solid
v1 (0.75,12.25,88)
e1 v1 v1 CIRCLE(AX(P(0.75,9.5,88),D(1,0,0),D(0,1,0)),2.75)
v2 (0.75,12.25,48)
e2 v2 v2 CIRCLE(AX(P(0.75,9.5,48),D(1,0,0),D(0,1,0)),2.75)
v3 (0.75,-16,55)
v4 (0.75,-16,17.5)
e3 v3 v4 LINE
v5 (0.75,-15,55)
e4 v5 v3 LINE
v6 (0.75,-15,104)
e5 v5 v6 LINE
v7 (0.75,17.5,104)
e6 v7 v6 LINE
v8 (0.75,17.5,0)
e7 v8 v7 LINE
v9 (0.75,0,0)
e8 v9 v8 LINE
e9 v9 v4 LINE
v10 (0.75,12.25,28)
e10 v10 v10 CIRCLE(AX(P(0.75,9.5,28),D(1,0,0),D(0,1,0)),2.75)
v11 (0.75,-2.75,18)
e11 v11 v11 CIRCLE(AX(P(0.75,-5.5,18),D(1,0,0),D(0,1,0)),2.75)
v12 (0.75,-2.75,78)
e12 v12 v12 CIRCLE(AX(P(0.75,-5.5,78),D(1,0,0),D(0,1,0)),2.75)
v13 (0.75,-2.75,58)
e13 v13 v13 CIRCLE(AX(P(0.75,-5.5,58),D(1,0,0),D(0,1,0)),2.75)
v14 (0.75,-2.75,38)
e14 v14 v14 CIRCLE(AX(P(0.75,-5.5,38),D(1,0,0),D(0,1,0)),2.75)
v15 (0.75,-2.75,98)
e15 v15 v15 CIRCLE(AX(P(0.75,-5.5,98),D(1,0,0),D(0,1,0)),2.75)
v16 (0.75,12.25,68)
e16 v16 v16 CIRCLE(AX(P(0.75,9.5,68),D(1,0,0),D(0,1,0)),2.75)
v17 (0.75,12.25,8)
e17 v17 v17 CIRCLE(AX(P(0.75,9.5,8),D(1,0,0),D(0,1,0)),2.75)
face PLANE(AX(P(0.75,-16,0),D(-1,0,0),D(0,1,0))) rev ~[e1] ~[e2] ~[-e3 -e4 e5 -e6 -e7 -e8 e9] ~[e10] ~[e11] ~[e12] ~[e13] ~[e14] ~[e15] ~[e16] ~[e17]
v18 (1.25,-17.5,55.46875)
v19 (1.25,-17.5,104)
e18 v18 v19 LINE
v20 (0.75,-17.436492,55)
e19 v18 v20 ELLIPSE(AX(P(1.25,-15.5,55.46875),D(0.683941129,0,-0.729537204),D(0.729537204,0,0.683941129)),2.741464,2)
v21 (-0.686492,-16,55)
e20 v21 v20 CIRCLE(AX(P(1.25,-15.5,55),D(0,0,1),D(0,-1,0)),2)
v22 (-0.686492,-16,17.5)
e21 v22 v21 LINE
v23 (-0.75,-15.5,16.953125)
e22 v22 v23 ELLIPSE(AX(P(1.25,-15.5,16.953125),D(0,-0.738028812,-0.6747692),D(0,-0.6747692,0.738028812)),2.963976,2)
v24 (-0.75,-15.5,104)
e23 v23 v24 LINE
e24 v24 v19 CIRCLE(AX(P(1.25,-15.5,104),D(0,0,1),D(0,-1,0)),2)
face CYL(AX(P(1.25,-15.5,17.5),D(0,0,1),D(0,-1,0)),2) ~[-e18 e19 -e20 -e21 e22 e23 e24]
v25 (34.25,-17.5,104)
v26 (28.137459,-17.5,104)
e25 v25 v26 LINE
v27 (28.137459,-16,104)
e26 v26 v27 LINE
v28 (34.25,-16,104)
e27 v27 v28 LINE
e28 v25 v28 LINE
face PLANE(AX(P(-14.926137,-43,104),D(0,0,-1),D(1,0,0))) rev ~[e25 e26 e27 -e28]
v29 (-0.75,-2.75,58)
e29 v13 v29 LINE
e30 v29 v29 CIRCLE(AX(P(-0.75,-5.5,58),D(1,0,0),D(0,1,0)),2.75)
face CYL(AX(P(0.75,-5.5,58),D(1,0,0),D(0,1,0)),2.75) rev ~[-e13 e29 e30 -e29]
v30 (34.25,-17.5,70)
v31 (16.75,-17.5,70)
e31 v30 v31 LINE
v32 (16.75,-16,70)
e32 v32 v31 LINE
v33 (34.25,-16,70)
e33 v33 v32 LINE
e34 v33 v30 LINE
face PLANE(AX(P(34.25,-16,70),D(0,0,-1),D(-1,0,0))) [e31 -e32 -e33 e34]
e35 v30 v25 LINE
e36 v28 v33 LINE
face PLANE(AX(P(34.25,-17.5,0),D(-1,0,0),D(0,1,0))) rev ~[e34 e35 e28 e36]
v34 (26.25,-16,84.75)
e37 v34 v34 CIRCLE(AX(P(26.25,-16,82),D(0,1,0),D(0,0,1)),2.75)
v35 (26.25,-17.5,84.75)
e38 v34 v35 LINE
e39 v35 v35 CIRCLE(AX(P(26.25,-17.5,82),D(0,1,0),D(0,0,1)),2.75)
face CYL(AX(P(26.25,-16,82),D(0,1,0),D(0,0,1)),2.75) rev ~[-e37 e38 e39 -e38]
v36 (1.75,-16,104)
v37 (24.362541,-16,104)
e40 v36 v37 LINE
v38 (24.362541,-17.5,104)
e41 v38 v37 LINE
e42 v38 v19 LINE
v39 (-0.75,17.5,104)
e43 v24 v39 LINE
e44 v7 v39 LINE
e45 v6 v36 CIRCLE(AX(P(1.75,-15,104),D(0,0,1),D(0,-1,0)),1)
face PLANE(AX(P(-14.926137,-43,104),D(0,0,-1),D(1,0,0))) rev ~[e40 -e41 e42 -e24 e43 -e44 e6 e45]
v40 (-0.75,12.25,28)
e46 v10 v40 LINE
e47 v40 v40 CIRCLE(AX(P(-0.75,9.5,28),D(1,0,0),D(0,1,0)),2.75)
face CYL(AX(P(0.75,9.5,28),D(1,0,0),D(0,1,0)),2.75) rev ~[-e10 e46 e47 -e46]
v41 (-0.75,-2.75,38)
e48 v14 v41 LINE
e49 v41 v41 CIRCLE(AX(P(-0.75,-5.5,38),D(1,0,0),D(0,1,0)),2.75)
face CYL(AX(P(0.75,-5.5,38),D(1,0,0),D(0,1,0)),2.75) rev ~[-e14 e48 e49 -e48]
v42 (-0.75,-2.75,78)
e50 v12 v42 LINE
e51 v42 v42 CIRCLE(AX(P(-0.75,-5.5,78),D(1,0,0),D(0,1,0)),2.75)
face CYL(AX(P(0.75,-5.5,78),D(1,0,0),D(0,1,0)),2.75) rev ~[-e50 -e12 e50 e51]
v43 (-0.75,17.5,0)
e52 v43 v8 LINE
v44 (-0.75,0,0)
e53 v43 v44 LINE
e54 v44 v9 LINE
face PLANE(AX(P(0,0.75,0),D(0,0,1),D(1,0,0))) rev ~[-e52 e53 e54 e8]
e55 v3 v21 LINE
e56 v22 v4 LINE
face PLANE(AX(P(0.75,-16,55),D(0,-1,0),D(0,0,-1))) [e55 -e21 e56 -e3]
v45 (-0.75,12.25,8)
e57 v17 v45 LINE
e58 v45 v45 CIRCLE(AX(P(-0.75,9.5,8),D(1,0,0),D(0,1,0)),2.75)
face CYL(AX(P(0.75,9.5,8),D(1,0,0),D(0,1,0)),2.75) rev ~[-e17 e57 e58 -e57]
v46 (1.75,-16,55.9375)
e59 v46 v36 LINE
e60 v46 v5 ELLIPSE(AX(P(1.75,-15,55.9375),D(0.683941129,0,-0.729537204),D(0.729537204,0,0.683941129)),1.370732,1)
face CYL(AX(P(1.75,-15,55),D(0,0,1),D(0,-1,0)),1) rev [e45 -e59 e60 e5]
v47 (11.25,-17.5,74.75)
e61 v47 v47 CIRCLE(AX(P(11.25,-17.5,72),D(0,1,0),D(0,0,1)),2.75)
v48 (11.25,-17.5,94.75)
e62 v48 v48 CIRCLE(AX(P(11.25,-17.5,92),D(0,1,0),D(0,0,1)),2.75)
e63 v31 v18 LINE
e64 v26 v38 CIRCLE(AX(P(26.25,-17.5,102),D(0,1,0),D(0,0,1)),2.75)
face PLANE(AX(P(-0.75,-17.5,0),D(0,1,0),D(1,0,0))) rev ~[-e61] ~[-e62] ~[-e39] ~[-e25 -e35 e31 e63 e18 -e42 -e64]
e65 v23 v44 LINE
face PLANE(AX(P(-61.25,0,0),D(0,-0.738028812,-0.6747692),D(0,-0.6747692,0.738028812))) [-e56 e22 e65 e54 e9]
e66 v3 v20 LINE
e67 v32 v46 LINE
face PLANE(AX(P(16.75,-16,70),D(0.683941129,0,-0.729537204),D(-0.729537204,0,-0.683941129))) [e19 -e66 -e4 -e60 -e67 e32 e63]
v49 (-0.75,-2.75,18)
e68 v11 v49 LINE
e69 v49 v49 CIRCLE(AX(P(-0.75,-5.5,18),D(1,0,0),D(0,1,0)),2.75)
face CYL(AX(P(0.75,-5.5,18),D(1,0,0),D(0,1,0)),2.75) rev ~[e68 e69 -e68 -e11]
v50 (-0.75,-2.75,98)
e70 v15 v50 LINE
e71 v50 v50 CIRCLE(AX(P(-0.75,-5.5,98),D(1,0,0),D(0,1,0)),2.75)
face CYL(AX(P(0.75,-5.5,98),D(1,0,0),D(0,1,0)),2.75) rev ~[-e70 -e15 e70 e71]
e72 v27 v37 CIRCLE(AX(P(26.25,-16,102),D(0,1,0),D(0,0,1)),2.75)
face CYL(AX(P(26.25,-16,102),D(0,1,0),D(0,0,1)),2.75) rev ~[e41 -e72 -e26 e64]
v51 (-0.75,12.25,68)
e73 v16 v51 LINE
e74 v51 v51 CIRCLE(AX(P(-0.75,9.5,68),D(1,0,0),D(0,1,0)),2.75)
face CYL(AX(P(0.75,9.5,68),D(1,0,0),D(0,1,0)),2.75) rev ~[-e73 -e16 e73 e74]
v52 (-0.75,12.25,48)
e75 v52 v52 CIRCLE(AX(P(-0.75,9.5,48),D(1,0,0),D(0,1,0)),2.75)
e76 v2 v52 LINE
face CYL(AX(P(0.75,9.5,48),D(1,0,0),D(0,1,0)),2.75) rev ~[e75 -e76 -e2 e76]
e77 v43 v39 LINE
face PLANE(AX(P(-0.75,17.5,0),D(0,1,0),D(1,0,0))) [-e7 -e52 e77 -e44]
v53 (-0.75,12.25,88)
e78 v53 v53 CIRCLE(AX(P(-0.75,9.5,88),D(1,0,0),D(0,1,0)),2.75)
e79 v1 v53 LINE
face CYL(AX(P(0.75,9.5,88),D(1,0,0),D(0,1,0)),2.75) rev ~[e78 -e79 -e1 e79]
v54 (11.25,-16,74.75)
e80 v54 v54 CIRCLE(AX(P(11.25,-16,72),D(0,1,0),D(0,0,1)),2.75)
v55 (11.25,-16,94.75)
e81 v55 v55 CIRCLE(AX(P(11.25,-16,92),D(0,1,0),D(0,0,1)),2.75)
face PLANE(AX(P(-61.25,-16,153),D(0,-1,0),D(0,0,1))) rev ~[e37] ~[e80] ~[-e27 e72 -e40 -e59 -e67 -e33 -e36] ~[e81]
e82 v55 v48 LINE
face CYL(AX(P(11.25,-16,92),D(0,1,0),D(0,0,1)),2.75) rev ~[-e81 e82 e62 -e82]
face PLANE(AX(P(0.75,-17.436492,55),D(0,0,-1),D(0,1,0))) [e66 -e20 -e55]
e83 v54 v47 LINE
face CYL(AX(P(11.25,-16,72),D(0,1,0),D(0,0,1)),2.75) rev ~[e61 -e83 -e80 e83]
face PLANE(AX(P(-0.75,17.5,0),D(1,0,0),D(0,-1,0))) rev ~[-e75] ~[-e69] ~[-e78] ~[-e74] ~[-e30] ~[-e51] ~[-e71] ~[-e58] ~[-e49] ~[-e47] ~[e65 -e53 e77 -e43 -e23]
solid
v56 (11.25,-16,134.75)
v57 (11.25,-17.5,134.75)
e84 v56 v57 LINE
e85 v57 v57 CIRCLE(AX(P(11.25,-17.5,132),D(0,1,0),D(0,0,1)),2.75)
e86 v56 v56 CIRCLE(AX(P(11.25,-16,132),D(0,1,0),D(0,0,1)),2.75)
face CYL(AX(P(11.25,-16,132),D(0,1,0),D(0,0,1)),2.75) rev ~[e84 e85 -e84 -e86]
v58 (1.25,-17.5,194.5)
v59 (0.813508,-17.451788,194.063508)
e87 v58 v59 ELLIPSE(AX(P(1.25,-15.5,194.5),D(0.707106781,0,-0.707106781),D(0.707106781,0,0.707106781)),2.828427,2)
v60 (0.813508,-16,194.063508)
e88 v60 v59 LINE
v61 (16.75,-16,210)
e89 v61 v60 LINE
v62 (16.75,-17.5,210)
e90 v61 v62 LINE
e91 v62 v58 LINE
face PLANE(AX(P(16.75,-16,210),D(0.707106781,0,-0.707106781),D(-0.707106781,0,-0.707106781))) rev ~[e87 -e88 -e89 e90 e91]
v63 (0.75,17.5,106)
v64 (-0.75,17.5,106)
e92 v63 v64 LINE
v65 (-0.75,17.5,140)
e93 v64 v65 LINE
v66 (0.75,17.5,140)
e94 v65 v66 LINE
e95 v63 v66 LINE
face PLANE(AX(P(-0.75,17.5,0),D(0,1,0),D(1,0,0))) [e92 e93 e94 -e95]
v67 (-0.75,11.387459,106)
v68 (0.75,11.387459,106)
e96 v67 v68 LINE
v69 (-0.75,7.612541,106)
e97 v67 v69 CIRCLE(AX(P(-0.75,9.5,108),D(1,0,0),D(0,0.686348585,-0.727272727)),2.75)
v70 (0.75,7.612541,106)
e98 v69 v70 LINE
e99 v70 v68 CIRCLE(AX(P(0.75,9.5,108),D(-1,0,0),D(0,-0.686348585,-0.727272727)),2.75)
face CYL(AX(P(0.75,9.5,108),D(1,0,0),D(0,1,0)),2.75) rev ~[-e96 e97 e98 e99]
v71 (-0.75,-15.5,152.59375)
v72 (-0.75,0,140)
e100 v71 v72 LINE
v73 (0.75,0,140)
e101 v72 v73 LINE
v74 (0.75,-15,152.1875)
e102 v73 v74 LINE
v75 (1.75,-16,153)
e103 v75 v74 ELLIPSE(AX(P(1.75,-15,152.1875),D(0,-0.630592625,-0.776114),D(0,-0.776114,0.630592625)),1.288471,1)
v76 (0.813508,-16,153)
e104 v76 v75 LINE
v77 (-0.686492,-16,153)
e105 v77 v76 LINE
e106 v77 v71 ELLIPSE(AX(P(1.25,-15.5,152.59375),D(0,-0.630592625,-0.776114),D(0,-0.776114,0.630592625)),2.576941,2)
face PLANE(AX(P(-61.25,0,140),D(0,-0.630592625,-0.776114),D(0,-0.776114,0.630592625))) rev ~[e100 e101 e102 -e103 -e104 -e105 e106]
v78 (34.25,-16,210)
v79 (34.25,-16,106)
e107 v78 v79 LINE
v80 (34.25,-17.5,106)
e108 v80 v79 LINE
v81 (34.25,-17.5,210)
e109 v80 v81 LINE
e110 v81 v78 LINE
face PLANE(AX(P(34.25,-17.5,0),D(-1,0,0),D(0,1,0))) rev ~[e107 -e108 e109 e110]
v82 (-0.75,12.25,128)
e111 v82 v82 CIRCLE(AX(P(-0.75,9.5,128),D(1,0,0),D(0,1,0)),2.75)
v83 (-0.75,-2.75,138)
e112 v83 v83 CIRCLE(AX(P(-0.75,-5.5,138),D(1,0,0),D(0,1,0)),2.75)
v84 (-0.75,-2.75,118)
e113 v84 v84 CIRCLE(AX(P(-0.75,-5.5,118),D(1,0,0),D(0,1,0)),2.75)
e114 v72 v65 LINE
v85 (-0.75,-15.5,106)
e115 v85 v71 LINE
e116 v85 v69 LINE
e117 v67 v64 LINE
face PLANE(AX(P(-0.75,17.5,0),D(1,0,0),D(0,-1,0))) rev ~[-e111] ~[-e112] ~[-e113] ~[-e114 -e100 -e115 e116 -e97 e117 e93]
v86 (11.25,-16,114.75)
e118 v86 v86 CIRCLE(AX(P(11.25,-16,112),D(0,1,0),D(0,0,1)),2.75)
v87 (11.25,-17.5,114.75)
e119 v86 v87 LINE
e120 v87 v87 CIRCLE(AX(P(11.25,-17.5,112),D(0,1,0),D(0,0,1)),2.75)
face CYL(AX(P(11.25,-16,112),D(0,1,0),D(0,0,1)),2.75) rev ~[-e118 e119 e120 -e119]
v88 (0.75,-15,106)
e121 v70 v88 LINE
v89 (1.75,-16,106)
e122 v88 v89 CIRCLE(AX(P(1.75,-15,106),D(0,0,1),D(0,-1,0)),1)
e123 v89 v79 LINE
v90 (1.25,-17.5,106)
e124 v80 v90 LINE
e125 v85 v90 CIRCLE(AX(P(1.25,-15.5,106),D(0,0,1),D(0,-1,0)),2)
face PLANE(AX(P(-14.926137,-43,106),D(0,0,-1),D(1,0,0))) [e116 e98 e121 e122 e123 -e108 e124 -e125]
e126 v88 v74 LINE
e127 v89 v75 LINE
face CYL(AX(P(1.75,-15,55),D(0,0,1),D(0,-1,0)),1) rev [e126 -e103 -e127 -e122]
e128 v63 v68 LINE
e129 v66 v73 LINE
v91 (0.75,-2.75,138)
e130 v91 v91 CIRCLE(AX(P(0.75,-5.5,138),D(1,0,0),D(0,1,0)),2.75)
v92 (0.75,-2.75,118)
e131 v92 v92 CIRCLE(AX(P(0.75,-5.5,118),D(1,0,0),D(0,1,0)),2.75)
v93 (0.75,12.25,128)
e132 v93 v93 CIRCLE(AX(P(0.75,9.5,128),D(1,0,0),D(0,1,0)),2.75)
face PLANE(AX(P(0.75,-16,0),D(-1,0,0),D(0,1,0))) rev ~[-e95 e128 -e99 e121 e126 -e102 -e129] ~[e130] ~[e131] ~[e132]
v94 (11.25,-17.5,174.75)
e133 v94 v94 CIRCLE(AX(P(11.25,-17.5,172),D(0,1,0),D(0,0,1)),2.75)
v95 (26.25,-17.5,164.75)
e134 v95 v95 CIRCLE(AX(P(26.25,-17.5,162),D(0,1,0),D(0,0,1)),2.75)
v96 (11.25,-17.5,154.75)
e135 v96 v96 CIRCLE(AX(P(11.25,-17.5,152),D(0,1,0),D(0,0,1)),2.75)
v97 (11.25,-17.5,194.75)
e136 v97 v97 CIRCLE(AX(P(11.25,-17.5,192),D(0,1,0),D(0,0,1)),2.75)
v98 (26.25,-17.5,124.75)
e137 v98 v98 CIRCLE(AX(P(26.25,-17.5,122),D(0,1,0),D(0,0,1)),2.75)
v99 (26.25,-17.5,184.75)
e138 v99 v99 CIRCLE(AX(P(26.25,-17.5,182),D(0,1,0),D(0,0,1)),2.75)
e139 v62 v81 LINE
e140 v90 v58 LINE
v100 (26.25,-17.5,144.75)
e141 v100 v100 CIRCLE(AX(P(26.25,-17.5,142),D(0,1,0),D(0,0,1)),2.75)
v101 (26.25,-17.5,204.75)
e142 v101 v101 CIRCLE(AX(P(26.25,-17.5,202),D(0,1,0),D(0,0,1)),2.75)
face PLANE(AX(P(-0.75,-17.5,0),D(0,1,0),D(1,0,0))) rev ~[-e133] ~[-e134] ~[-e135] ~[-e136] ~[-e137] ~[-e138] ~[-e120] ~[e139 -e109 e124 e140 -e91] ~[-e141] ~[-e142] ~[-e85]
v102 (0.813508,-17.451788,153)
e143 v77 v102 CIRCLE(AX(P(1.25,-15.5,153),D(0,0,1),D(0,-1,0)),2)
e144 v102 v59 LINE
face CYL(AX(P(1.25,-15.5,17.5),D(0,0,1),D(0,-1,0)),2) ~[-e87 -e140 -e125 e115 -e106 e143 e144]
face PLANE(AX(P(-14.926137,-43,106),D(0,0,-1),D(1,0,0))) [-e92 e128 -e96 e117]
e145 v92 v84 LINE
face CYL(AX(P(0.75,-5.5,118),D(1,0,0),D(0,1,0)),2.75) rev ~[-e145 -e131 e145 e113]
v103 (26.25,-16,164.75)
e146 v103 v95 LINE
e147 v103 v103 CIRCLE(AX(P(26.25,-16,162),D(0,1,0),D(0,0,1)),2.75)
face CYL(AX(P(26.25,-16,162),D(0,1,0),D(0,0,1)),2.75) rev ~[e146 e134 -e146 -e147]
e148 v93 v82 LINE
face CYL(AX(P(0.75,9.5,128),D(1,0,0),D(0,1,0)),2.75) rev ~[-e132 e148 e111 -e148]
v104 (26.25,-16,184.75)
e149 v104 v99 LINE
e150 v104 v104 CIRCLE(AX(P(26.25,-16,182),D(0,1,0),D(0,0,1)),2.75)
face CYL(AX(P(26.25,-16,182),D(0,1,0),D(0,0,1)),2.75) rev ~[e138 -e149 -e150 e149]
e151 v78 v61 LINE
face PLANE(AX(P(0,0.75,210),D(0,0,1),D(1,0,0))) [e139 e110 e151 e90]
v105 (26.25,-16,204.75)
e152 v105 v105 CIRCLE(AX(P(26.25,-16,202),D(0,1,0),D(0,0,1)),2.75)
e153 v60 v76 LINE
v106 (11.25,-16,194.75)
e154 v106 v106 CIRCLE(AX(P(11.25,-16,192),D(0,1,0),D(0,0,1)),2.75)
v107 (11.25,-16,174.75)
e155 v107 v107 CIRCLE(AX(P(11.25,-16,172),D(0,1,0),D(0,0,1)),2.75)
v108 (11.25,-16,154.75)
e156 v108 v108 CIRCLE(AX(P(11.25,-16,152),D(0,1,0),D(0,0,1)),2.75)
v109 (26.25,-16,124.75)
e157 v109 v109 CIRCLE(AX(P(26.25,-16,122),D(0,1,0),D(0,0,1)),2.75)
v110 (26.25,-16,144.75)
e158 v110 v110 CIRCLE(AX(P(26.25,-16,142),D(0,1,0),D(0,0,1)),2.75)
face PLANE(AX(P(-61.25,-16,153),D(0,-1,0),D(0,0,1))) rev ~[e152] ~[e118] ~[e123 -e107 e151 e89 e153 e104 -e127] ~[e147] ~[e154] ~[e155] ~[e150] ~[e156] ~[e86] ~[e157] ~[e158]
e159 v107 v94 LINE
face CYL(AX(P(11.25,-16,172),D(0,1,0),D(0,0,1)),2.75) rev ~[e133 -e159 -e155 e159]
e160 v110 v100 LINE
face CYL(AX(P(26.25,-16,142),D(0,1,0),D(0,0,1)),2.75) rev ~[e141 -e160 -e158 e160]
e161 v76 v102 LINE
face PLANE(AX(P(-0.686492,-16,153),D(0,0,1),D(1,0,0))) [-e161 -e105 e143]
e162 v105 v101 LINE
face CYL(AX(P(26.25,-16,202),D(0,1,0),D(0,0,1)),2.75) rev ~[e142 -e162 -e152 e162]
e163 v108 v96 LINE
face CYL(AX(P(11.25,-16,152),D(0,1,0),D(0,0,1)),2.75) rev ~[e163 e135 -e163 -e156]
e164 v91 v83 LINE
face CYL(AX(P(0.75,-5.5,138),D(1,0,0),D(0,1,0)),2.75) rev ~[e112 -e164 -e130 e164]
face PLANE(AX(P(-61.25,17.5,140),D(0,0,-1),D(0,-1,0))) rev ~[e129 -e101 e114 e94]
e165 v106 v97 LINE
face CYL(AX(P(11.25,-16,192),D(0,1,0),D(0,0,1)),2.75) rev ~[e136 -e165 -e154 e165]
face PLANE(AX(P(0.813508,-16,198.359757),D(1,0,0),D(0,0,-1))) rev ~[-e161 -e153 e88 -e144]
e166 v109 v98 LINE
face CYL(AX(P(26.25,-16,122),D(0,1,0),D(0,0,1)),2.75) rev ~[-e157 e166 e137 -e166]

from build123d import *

# Parameters (mm, degrees)
SKETCH1_W               = 1.5
SKETCH1_H               = 33.5
SKETCH1_W_2             = 33.5
SKETCH1_H_2             = 1.5
BOSS_EXTRUDE1_DEPTH     = 210
CUT_EXTRUDE2_DEPTH      = 62
CUT_EXTRUDE2_DEPTH_BACK = 62
CUT_EXTRUDE3_DEPTH      = 62
SKETCH5_R               = 2.75
CUT_EXTRUDE4_DEPTH      = 5
FILLET1_R               = 1
FILLET2_R               = 2
SKETCH6_W               = 37.5
SKETCH6_H               = 1.436491673
CUT_EXTRUDE5_DEPTH      = 5
SKETCH7_W               = 1.5
SKETCH7_H               = 45.359757049
CUT_EXTRUDE6_DEPTH      = 5
SKETCH8_R               = 2.75
CUT_EXTRUDE7_DEPTH      = 5
CUT_EXTRUDE9_DEPTH      = 49
CUT_EXTRUDE9_DEPTH_BACK = 27
SKETCH10_W              = 49.176137077
SKETCH10_H              = 2


with BuildPart() as part:
    # Sketch1 → Boss-Extrude1 (new body)
    with BuildSketch(Plane.XY):
        with Locations((0, 0.75)):
            Rectangle(SKETCH1_W, SKETCH1_H)
        with Locations((17.5, -16.75)):
            Rectangle(SKETCH1_W_2, SKETCH1_H_2)
        with Locations((0, -16.75)):
            Rectangle(SKETCH1_W, SKETCH1_H_2)
    extrude(amount=BOSS_EXTRUDE1_DEPTH)

    # Sketch3 → Cut-Extrude2 (cut, two sides: drawn at the far end of the back side and taken through both)
    with BuildSketch(Plane(origin=(0.75, 0, 0), x_dir=(0, 0, -1), z_dir=(1, 0, 0)).offset(-CUT_EXTRUDE2_DEPTH_BACK)):
        Polygon((-140, 17.5), (-140, 0), (-153, -16), (-210, -16), (-210, 17.5), align=None)
        Polygon((0, 0), (-17.5, -16), (-17.5, -36.829348397), (0, -36.829348397), align=None)
    extrude(amount=CUT_EXTRUDE2_DEPTH + CUT_EXTRUDE2_DEPTH_BACK, mode=Mode.SUBTRACT)

    # Sketch4 → Cut-Extrude3 (cut)
    with BuildSketch(Plane(origin=(0, -16, 0), x_dir=(1, 0, 0), z_dir=(0, 1, 0))):
        Polygon((16.75, -210), (-0.75, -192.5), (-0.75, -210), align=None)
        Polygon((34.25, -70), (16.75, -70), (0.75, -55), (0.75, -17.5), (34.25, -17.5), align=None)
    extrude(amount=-CUT_EXTRUDE3_DEPTH, mode=Mode.SUBTRACT)

    # Sketch5 → Cut-Extrude4 (cut)
    with BuildSketch(Plane(origin=(0.75, 0, 0), x_dir=(0, 0, -1), z_dir=(1, 0, 0))):
        with Locations(Location((-8, 9.5, 0), (0, 0, 90))):
            Circle(SKETCH5_R)
        with Locations(Location((-28, 9.5, 0), (0, 0, 90))):
            Circle(SKETCH5_R)
        with Locations(Location((-48, 9.5, 0), (0, 0, 90))):
            Circle(SKETCH5_R)
        with Locations(Location((-68, 9.5, 0), (0, 0, 90))):
            Circle(SKETCH5_R)
        with Locations(Location((-88, 9.5, 0), (0, 0, 90))):
            Circle(SKETCH5_R)
        with Locations(Location((-108, 9.5, 0), (0, 0, 90))):
            Circle(SKETCH5_R)
        with Locations(Location((-128, 9.5, 0), (0, 0, 90))):
            Circle(SKETCH5_R)
        with Locations(Location((-18, -5.5, 0), (0, 0, 90))):
            Circle(SKETCH5_R)
        with Locations(Location((-38, -5.5, 0), (0, 0, 90))):
            Circle(SKETCH5_R)
        with Locations(Location((-58, -5.5, 0), (0, 0, 90))):
            Circle(SKETCH5_R)
        with Locations(Location((-78, -5.5, 0), (0, 0, 90))):
            Circle(SKETCH5_R)
        with Locations(Location((-98, -5.5, 0), (0, 0, 90))):
            Circle(SKETCH5_R)
        with Locations(Location((-118, -5.5, 0), (0, 0, 90))):
            Circle(SKETCH5_R)
        with Locations(Location((-138, -5.5, 0), (0, 0, 90))):
            Circle(SKETCH5_R)
    extrude(amount=-CUT_EXTRUDE4_DEPTH, mode=Mode.SUBTRACT)

    # Fillet1
    fillet1_edges = [part.edges().sort_by_distance(p)[0] for p in [
        (0.75, -16, 104),
    ]]
    fillet(fillet1_edges, radius=FILLET1_R)

    # Fillet2
    fillet2_edges = [part.edges().sort_by_distance(p)[0] for p in [
        (-0.75, -17.5, 105),
    ]]
    fillet(fillet2_edges, radius=FILLET2_R)

    # Sketch6 → Cut-Extrude5 (cut)
    with BuildSketch(Plane(origin=(0.75, 0, 0), x_dir=(0, 0, -1), z_dir=(1, 0, 0))):
        with Locations((-36.25, -16.718245837)):
            Rectangle(SKETCH6_W, SKETCH6_H)
    extrude(amount=-CUT_EXTRUDE5_DEPTH, mode=Mode.SUBTRACT)

    # Sketch7 → Cut-Extrude6 (cut)
    with BuildSketch(Plane(origin=(0, -16, 0), x_dir=(1, 0, 0), z_dir=(0, 1, 0))):
        with Locations((0.063508327, -175.679878524)):
            Rectangle(SKETCH7_W, SKETCH7_H)
    extrude(amount=-CUT_EXTRUDE6_DEPTH, mode=Mode.SUBTRACT)

    # Sketch8 → Cut-Extrude7 (cut)
    with BuildSketch(Plane(origin=(0, -16, 0), x_dir=(1, 0, 0), z_dir=(0, 1, 0))):
        with Locations(Location((11.25, -72, 0), (0, 0, 270))):
            Circle(SKETCH8_R)
        with Locations(Location((11.25, -92, 0), (0, 0, 270))):
            Circle(SKETCH8_R)
        with Locations(Location((11.25, -112, 0), (0, 0, 270))):
            Circle(SKETCH8_R)
        with Locations(Location((11.25, -132, 0), (0, 0, 270))):
            Circle(SKETCH8_R)
        with Locations(Location((11.25, -152, 0), (0, 0, 270))):
            Circle(SKETCH8_R)
        with Locations(Location((11.25, -172, 0), (0, 0, 270))):
            Circle(SKETCH8_R)
        with Locations(Location((11.25, -192, 0), (0, 0, 270))):
            Circle(SKETCH8_R)
        with Locations(Location((26.25, -82, 0), (0, 0, 270))):
            Circle(SKETCH8_R)
        with Locations(Location((26.25, -102, 0), (0, 0, 270))):
            Circle(SKETCH8_R)
        with Locations(Location((26.25, -122, 0), (0, 0, 270))):
            Circle(SKETCH8_R)
        with Locations(Location((26.25, -142, 0), (0, 0, 270))):
            Circle(SKETCH8_R)
        with Locations(Location((26.25, -162, 0), (0, 0, 270))):
            Circle(SKETCH8_R)
        with Locations(Location((26.25, -182, 0), (0, 0, 270))):
            Circle(SKETCH8_R)
        with Locations(Location((26.25, -202, 0), (0, 0, 270))):
            Circle(SKETCH8_R)
    extrude(amount=-CUT_EXTRUDE7_DEPTH, mode=Mode.SUBTRACT)

    # Sketch10 → Cut-Extrude9 (cut, two sides: drawn at the far end of the back side and taken through both)
    with BuildSketch(Plane(origin=(0, -16, 0), x_dir=(1, 0, 0), z_dir=(0, 1, 0)).offset(-CUT_EXTRUDE9_DEPTH_BACK)):
        with Locations((9.661931462, -105)):
            Rectangle(SKETCH10_W, SKETCH10_H)
    extrude(amount=CUT_EXTRUDE9_DEPTH + CUT_EXTRUDE9_DEPTH_BACK, mode=Mode.SUBTRACT)


with BuildPart() as cut_extrude9_piece_1:
    # of the separate pieces the step leaves, piece 1, a body of its own (cut_extrude9_pieces)
    add(part.part.solids().sort_by_distance((34.25, -16, 104))[0])


with BuildPart() as cut_extrude9_piece_2:
    # of the separate pieces the step leaves, piece 2, a body of its own (cut_extrude9_pieces)
    add(part.part.solids().sort_by_distance((-0.686491673, -16, 153))[0])


solid = Compound([cut_extrude9_piece_1.part, cut_extrude9_piece_2.part])
